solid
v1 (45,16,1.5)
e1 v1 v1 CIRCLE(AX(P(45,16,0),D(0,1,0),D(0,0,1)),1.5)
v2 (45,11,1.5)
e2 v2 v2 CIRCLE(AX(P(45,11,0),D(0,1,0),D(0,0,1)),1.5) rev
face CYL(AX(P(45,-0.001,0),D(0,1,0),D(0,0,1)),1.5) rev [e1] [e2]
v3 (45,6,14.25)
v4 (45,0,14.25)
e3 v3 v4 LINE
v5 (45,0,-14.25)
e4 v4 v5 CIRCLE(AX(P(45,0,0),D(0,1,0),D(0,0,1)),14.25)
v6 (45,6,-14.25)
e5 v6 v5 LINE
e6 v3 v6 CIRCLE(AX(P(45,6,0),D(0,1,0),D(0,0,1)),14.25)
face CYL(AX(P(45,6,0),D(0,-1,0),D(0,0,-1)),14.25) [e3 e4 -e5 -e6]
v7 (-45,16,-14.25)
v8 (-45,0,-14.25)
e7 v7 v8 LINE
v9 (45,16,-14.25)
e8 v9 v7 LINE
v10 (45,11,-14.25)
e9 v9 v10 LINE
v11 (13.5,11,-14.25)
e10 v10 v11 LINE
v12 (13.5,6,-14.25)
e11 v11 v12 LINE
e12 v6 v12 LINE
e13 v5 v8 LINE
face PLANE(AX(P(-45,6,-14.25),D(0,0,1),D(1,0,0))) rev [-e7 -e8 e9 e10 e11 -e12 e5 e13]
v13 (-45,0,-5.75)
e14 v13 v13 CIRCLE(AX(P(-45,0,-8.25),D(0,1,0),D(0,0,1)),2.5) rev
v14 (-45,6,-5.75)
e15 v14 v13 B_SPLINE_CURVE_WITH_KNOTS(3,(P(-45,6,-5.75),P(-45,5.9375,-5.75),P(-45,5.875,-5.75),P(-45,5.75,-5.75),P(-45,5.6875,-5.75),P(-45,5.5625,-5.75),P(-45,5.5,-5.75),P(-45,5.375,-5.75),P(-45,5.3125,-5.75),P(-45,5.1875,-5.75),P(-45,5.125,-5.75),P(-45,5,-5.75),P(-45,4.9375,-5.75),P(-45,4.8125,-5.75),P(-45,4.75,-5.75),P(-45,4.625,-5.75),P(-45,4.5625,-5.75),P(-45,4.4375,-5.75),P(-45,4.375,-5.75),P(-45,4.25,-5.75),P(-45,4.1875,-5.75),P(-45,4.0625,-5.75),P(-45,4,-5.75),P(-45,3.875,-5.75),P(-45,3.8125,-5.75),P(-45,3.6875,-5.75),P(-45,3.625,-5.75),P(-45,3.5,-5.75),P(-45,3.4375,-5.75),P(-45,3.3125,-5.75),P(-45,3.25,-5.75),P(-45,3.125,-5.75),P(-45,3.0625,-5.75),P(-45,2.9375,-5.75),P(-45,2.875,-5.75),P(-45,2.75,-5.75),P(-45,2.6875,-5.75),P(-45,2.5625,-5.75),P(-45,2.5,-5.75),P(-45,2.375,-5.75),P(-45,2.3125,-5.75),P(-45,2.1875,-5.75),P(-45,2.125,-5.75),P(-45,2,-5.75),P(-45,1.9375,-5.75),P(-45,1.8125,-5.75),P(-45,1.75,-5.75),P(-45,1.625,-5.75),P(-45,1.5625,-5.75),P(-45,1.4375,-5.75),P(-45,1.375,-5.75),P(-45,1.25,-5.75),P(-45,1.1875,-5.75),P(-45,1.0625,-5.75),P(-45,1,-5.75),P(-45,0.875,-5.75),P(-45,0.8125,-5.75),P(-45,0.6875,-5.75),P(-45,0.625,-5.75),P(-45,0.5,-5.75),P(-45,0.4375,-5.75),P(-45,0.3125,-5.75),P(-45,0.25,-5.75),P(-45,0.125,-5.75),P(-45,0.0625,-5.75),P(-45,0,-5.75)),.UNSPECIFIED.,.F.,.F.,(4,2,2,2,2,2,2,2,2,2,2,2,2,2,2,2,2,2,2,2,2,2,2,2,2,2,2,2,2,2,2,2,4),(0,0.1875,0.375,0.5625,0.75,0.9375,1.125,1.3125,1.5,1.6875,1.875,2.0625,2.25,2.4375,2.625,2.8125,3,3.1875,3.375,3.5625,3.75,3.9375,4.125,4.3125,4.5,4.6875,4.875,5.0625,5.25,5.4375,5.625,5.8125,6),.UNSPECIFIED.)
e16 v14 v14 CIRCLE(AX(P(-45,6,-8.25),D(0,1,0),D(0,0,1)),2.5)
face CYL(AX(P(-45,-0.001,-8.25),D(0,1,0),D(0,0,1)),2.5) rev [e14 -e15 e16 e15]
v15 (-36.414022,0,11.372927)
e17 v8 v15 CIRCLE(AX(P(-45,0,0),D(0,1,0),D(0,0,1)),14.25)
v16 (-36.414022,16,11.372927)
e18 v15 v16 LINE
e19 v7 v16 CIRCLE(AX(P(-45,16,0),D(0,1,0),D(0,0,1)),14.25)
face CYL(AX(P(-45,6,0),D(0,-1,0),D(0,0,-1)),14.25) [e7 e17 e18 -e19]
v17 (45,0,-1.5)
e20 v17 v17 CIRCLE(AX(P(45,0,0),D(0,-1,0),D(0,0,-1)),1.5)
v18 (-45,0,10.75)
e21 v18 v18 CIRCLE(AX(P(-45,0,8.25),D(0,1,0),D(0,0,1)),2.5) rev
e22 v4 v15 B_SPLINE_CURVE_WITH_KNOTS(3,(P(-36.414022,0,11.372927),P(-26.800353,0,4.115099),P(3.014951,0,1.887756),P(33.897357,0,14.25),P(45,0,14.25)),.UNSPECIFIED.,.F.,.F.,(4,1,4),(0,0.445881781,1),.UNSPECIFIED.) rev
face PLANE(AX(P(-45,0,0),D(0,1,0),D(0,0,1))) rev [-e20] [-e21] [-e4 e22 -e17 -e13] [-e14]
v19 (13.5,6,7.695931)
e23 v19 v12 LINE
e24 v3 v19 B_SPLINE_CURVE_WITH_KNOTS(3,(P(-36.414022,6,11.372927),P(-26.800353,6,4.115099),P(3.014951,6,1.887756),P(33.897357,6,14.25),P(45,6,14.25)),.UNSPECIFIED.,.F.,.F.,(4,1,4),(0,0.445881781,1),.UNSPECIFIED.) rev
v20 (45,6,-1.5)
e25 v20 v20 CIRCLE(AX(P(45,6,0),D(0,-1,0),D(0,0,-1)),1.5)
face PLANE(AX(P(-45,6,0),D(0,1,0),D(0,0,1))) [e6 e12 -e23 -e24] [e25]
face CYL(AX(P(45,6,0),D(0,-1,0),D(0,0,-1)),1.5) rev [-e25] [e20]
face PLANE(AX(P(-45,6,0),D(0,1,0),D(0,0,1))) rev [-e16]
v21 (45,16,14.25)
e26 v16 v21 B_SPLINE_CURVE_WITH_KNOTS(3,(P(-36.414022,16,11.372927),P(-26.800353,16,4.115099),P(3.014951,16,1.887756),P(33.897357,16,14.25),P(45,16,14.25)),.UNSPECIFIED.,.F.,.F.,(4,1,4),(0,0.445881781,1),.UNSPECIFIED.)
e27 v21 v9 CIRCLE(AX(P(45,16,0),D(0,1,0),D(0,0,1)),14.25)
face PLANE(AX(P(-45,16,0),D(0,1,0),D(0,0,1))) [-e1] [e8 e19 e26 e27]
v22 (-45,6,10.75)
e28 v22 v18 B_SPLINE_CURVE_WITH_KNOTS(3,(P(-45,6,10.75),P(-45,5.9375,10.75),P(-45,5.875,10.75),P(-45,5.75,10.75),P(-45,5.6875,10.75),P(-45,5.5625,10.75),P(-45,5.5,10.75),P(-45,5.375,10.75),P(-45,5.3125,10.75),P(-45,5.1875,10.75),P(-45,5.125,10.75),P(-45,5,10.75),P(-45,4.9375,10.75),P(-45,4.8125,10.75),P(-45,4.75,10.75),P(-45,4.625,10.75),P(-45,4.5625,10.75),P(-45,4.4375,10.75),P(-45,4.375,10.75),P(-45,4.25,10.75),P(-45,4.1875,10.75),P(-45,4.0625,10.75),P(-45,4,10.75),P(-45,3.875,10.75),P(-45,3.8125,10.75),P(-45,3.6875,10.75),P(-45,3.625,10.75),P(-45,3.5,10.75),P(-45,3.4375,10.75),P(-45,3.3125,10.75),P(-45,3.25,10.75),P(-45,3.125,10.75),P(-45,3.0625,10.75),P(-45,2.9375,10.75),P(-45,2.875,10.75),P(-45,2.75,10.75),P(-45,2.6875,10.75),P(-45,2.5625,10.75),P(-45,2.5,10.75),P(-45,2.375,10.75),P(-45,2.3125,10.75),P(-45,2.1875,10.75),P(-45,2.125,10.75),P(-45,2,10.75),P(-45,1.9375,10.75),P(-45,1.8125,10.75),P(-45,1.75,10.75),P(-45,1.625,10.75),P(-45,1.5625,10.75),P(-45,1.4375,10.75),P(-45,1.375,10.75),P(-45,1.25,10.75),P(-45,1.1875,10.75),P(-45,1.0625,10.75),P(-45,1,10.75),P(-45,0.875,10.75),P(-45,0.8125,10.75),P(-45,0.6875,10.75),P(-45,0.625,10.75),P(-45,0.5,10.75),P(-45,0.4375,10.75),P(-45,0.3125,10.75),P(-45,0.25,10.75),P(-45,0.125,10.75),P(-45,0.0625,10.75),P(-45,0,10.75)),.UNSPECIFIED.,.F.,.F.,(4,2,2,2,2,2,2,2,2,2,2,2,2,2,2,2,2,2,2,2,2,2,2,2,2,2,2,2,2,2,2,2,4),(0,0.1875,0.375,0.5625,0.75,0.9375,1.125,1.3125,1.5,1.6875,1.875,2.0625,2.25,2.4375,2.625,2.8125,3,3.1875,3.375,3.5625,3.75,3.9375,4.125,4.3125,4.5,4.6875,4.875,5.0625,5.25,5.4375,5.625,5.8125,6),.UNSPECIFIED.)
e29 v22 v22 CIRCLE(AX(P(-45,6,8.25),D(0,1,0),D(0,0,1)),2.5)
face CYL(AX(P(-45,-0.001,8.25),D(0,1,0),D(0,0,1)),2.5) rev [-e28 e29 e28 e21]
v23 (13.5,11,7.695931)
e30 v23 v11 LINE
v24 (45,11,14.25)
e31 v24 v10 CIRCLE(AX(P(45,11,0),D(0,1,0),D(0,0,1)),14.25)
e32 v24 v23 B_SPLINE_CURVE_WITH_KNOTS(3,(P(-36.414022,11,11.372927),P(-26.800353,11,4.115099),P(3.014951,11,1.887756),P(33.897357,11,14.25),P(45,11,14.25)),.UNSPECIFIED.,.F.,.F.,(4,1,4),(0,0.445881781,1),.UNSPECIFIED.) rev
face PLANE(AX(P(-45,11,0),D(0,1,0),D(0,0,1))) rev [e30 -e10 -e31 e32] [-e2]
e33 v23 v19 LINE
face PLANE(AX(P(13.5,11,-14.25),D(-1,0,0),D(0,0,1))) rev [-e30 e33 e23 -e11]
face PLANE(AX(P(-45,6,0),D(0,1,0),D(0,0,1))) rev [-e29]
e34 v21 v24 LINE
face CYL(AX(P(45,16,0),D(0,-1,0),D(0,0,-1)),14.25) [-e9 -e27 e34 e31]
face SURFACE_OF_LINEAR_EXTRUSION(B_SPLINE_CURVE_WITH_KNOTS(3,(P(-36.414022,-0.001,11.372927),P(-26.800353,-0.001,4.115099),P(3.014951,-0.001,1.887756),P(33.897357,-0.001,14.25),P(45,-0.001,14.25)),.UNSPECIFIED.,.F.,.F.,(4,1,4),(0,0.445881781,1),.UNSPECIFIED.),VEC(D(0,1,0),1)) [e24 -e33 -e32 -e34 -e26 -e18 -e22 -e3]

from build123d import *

# Parameters (mm, degrees)
BOSS_EXTRUDE1_DEPTH = 6
CUT_EXTRUDE1_REACH  = 63.234
SKETCH2_R           = 2.5
SKETCH3_R           = 1.5
CUT_EXTRUDE2_DEPTH  = 62.234181631
BOSS_EXTRUDE2_DEPTH = 5
BOSS_EXTRUDE3_DEPTH = 5
CUT_EXTRUDE3_REACH  = 65.005
SKETCH6_R           = 1.5
CUT_EXTRUDE4_REACH  = 65.005


with BuildPart() as part:
    # Sketch1 → Boss-Extrude1 (new body)
    with BuildSketch(Plane(origin=(0, 0, 0), x_dir=(1, 0, 0), z_dir=(0, 1, 0))):
        with BuildLine():
            Line((-45, 14.25), (45, 14.25))
            ThreePointArc((45, 14.25), (59.25, 0), (45, -14.25))
            Line((45, -14.25), (-45, -14.25))
            ThreePointArc((-45, -14.25), (-59.25, 0), (-45, 14.25))
        make_face()
    extrude(amount=BOSS_EXTRUDE1_DEPTH)

    # Sketch2 → Cut-Extrude1 (cut, up to next)
    with BuildSketch(Plane(origin=(0, 6, 0), x_dir=(1, 0, 0), z_dir=(0, 1, 0)), mode=Mode.PRIVATE) as cut_extrude1_sk1:
        with Locations(Location((-45, 8.25, 0), (0, 0, 270))):
            Circle(SKETCH2_R)
    cut_extrude1_tool1 = extrude(cut_extrude1_sk1.sketch, amount=-CUT_EXTRUDE1_REACH, mode=Mode.PRIVATE) & part.part
    # Sketch2 → Cut-Extrude1 (cut, up to next)
    with BuildSketch(Plane(origin=(0, 6, 0), x_dir=(1, 0, 0), z_dir=(0, 1, 0)), mode=Mode.PRIVATE) as cut_extrude1_sk2:
        with Locations(Location((-45, -8.25, 0), (0, 0, 270))):
            Circle(SKETCH2_R)
    cut_extrude1_tool2 = extrude(cut_extrude1_sk2.sketch, amount=-CUT_EXTRUDE1_REACH, mode=Mode.PRIVATE) & part.part
    add(cut_extrude1_tool1.solids().sort_by_distance((-45, 6, -8.25))[0], mode=Mode.SUBTRACT)
    add(cut_extrude1_tool2.solids().sort_by_distance((-45, 6, 8.25))[0], mode=Mode.SUBTRACT)

    # Sketch3 → Cut-Extrude2 (cut, through all)
    with BuildSketch(Plane.XZ):
        with Locations(Location((45, 0, 0), (0, 0, 270))):
            Circle(SKETCH3_R)
    extrude(amount=-CUT_EXTRUDE2_DEPTH, mode=Mode.SUBTRACT)

    # Sketch4 → Boss-Extrude2 (add)
    with BuildSketch(Plane(origin=(0, 6, 0), x_dir=(1, 0, 0), z_dir=(0, 1, 0))):
        with BuildLine():
            Line((-45, 14.25), (13.5, 14.25))
            Line((13.5, 14.25), (13.5, -14.25))
            Line((13.5, -14.25), (-45, -14.25))
            ThreePointArc((-45, -14.25), (-59.25, 0), (-45, 14.25))
        make_face()
    extrude(amount=BOSS_EXTRUDE2_DEPTH)

    # Sketch5 → Boss-Extrude3 (add)
    with BuildSketch(Plane(origin=(0, 11, 0), x_dir=(1, 0, 0), z_dir=(0, 1, 0))):
        with BuildLine():
            Line((-45, 14.25), (45, 14.25))
            ThreePointArc((45, 14.25), (59.25, 0), (45, -14.25))
            Line((45, -14.25), (-45, -14.25))
            ThreePointArc((-45, -14.25), (-59.25, 0), (-45, 14.25))
        make_face()
    extrude(amount=BOSS_EXTRUDE3_DEPTH)

    # Sketch6 → Cut-Extrude3 (cut, up to next)
    with BuildSketch(Plane(origin=(0, 16, 0), x_dir=(1, 0, 0), z_dir=(0, 1, 0)), mode=Mode.PRIVATE) as cut_extrude3_sk1:
        with Locations(Location((45, 0, 0), (0, 0, 90))):
            Circle(SKETCH6_R)
    cut_extrude3_tool1 = extrude(cut_extrude3_sk1.sketch, amount=-CUT_EXTRUDE3_REACH, mode=Mode.PRIVATE) & part.part
    add(cut_extrude3_tool1.solids().sort_by_distance((45, 16, 0))[0], mode=Mode.SUBTRACT)

    # Sketch7 → Cut-Extrude4 (cut, up to next)
    with BuildSketch(Plane(origin=(0, 16, 0), x_dir=(1, 0, 0), z_dir=(0, 1, 0)), mode=Mode.PRIVATE) as cut_extrude4_sk1:
        with BuildLine():
            ThreePointArc((-36.414021662, -11.372927327), (-40.472402094, -13.511600838), (-45, -14.25))
            Line((-45, -14.25), (45, -14.25))
            add(Edge.make_bspline(
                [(-36.414021662, -11.372927327), (-26.800353091, -4.115099353), (3.014951407, -1.887756349), (33.89735696, -14.25), (45, -14.25)],
                knots=[0, 0, 0, 0, 0.445881781, 1, 1, 1, 1], degree=3))
        make_face()
    cut_extrude4_tool1 = extrude(cut_extrude4_sk1.sketch, amount=-CUT_EXTRUDE4_REACH, mode=Mode.PRIVATE) & part.part
    add(cut_extrude4_tool1.solids().sort_by_distance((-5.252975, 16, 10.318122))[0], mode=Mode.SUBTRACT)


solid = part.part
